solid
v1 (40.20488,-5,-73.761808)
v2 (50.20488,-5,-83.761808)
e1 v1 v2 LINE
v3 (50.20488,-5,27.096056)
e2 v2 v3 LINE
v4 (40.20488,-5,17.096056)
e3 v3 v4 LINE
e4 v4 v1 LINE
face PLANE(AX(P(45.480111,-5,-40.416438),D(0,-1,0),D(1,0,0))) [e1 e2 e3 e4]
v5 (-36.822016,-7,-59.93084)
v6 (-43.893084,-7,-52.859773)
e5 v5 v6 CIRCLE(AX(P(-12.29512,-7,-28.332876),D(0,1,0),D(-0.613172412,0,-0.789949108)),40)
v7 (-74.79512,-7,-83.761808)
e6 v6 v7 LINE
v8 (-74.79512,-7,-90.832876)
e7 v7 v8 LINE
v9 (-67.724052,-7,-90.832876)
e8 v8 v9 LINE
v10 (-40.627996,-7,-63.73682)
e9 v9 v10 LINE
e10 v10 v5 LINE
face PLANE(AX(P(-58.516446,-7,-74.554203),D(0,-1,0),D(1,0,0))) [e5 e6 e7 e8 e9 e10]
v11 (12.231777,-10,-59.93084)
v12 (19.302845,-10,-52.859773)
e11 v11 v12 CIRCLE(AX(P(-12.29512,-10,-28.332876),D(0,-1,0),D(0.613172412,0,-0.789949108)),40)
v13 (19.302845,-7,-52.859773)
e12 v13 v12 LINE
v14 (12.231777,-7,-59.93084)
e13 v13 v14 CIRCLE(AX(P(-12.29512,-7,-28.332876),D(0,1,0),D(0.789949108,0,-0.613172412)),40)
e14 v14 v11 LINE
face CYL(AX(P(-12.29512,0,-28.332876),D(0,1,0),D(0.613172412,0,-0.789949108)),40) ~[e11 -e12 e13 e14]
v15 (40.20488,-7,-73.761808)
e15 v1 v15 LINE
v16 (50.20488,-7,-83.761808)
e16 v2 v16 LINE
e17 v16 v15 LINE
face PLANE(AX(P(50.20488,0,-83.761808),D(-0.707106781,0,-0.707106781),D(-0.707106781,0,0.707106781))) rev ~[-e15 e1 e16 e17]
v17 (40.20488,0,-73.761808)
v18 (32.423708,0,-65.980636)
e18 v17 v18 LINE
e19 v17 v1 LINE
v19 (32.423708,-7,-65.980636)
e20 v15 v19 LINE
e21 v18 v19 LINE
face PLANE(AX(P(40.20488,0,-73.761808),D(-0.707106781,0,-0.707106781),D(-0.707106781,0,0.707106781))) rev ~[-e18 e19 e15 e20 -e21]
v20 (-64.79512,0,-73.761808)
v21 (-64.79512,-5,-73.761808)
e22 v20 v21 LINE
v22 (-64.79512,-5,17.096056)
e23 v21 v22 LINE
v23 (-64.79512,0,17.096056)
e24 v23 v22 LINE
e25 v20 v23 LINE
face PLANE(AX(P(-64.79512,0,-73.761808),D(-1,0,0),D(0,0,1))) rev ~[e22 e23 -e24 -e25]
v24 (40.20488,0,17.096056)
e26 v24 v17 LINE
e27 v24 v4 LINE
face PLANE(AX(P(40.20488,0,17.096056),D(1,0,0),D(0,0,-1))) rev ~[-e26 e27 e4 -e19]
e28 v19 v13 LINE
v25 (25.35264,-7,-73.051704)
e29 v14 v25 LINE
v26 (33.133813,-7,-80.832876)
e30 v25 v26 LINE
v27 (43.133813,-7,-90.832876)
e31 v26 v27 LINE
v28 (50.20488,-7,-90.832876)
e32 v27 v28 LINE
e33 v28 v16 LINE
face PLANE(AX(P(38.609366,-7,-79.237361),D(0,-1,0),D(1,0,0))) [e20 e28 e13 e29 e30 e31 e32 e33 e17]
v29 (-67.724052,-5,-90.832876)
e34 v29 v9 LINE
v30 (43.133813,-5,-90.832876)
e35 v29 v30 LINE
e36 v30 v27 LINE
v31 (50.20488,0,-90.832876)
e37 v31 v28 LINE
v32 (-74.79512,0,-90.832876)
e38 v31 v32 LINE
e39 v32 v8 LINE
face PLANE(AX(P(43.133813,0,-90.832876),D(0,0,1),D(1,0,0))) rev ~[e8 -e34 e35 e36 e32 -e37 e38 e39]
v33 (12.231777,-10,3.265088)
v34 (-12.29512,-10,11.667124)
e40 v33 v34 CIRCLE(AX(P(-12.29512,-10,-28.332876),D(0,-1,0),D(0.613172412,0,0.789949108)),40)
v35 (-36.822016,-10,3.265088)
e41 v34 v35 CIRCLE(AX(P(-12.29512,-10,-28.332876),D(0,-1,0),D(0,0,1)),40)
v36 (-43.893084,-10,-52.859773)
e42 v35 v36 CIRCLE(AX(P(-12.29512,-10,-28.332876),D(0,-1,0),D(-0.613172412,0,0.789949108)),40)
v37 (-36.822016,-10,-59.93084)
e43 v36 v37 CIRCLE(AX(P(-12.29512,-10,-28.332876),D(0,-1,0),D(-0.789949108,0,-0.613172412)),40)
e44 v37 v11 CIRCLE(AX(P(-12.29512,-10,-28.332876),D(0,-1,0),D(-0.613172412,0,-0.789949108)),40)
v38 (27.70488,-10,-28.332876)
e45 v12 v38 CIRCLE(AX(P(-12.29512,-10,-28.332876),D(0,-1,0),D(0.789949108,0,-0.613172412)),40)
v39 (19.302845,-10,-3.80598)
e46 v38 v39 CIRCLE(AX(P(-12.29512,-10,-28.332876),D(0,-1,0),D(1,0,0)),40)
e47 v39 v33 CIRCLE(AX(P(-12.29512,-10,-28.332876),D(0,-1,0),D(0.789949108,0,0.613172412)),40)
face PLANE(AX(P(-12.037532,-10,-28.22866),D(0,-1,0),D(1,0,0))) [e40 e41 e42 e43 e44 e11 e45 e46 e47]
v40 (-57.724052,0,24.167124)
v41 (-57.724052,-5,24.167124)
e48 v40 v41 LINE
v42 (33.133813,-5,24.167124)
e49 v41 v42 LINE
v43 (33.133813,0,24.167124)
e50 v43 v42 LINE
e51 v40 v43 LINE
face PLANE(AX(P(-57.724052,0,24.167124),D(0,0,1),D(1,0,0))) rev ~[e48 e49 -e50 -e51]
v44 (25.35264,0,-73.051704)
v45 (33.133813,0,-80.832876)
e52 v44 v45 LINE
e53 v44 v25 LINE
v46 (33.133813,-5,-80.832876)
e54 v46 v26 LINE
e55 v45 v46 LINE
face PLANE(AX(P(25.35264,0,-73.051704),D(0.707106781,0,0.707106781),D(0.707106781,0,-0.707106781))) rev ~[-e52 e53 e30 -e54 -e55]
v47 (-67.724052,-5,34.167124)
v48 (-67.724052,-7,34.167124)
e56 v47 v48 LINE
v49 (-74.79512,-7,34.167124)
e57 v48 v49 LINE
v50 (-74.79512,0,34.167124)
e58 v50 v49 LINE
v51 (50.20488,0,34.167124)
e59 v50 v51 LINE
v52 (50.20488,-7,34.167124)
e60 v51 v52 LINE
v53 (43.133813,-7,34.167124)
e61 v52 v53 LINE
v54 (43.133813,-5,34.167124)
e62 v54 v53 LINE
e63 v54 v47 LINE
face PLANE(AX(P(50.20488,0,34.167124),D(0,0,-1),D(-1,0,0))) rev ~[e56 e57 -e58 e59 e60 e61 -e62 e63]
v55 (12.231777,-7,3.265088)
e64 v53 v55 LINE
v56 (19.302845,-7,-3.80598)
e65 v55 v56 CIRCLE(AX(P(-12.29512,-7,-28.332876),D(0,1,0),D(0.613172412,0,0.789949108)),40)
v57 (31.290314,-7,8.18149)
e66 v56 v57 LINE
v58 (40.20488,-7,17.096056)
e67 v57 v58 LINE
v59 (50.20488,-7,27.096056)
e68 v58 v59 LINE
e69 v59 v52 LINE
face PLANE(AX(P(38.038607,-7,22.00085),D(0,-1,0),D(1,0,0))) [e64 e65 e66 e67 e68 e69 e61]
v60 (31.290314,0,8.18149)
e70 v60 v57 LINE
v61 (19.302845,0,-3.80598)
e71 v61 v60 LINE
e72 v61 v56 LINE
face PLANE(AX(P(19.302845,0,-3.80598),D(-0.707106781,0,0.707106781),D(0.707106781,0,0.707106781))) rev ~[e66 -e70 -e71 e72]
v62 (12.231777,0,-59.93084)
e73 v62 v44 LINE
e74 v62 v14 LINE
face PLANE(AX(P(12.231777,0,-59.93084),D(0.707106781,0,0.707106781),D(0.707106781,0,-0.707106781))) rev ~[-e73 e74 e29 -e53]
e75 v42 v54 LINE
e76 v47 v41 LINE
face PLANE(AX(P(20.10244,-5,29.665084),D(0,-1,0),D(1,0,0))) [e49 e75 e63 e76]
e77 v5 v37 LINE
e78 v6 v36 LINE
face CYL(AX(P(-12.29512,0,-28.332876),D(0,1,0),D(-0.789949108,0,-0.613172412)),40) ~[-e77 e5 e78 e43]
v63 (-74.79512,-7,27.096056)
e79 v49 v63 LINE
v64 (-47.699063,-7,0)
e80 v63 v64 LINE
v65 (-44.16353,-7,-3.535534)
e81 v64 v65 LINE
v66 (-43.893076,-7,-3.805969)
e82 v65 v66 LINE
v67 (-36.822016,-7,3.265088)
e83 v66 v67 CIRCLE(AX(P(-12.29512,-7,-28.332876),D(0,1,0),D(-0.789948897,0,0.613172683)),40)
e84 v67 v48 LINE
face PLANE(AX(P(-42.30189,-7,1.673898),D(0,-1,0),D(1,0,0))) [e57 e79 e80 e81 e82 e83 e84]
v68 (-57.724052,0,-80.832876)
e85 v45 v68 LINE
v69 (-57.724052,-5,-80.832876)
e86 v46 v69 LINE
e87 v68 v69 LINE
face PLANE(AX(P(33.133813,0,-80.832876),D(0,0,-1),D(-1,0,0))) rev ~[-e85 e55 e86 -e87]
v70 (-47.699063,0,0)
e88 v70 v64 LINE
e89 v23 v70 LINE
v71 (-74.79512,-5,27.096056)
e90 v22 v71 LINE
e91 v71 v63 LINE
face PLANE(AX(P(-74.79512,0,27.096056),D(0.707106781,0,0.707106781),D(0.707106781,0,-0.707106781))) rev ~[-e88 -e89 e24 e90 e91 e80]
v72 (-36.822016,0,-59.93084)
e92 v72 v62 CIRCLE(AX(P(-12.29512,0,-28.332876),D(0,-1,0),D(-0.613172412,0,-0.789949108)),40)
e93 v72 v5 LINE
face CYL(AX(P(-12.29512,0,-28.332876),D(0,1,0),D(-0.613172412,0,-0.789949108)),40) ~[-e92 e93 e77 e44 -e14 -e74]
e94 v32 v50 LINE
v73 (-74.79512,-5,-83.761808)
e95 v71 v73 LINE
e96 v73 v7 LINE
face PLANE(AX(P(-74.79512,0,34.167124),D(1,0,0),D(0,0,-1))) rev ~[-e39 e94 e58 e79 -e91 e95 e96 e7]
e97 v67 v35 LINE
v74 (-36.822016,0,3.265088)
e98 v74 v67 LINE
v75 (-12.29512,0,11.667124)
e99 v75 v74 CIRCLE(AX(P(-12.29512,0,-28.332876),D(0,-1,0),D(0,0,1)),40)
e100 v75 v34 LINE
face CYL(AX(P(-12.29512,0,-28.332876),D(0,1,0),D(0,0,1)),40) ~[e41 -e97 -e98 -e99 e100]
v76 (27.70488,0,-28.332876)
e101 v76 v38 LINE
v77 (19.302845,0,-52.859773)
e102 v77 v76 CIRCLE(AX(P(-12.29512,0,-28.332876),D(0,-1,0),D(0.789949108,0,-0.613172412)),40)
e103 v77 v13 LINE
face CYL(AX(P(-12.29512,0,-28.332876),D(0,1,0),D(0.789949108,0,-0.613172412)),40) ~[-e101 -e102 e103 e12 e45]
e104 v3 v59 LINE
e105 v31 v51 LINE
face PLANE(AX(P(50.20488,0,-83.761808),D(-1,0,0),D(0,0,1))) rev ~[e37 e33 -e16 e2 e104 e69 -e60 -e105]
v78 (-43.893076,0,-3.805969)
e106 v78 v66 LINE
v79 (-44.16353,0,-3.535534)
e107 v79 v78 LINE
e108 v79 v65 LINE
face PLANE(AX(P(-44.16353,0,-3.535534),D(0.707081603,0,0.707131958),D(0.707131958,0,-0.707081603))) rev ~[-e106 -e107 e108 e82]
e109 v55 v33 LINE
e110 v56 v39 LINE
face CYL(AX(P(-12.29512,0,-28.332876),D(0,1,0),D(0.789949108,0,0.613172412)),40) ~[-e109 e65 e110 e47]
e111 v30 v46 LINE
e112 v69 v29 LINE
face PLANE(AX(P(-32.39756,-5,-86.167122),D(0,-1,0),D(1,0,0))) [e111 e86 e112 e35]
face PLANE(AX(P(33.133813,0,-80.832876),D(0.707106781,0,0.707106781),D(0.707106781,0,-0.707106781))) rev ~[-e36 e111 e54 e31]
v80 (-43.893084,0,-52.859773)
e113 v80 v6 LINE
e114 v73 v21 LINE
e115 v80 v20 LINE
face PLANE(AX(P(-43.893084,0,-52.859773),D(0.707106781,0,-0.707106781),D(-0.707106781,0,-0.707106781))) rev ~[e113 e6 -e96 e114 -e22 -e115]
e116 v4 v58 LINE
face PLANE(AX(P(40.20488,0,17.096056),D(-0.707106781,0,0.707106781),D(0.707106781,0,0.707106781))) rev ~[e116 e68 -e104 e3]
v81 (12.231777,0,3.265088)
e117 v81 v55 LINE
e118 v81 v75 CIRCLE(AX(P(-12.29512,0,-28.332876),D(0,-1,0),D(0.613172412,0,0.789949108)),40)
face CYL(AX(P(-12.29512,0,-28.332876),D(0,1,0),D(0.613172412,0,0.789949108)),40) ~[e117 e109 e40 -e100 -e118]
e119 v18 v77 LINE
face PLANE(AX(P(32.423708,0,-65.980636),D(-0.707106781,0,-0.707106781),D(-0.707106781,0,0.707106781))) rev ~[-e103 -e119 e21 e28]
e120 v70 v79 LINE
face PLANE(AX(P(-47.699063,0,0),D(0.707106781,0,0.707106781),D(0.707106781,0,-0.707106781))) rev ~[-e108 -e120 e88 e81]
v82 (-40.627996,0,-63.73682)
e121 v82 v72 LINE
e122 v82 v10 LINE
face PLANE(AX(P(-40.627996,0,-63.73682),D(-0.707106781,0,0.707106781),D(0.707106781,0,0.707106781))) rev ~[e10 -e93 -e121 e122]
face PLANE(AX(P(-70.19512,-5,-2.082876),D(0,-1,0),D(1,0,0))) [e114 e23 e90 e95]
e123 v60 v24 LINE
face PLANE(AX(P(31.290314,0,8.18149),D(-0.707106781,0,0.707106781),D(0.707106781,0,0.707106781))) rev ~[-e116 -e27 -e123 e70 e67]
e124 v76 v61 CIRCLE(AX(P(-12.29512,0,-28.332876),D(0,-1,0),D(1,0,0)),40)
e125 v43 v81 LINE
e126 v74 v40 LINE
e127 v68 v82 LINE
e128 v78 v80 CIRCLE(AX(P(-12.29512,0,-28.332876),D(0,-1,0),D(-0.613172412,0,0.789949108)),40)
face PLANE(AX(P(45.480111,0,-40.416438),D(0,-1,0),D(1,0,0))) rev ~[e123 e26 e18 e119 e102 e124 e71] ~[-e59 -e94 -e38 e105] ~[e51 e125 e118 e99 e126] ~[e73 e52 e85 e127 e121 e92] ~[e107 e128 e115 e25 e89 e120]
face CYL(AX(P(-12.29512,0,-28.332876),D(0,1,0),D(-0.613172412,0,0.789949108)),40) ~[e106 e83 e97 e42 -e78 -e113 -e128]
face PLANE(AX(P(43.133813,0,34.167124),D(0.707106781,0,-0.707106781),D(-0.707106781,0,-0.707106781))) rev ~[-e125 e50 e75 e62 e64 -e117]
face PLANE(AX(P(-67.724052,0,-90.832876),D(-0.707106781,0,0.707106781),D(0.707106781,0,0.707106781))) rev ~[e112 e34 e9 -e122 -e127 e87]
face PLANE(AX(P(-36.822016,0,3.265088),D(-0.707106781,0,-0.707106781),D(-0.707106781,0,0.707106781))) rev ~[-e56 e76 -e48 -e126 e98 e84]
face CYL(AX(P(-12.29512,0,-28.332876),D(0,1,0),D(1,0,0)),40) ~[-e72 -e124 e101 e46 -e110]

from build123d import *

# Parameters (mm, degrees)
F1_DEPTH = 10
F2_DEPTH = 7
F0_W     = 12.2951196297
F0_H     = 10
F3_DEPTH = 5


with BuildPart() as f1:
    # F0 (on Front) → F1 (new body)
    with BuildSketch(Plane.XZ):
        with BuildLine():
            ThreePointArc((27.7048803703, -28.3328760415), (25.5461182747, -15.3698241684), (19.3028446771, -3.8059795467))
            ThreePointArc((19.3028446771, -3.8059795467), (15.9891516178, -0.0486047941), (12.2317768652, 3.2650882652))
            ThreePointArc((12.2317768652, 3.2650882652), (0.6679322435, 9.5083618628), (-12.2951196297, 11.6671239585))
            ThreePointArc((-12.2951196297, 11.6671239585), (-25.2581715028, 9.5083618628), (-36.8220161245, 3.2650882652))
            ThreePointArc((-36.8220161245, 3.2650882652), (-40.5793860243, -0.0485999413), (-43.8930755201, -3.805968704))
            ThreePointArc((-43.8930755201, -3.805968704), (-52.2951196297, -28.3328691786), (-43.8930839364, -52.8597725364))
            ThreePointArc((-43.8930839364, -52.8597725364), (-40.5793908771, -56.617147289), (-36.8220161245, -59.9308403483))
            ThreePointArc((-36.8220161245, -59.9308403483), (-12.2951196297, -68.3328760415), (12.2317768652, -59.9308403483))
            ThreePointArc((12.2317768652, -59.9308403483), (15.9891516178, -56.617147289), (19.3028446771, -52.8597725364))
            ThreePointArc((19.3028446771, -52.8597725364), (25.5461182747, -41.2959279147), (27.7048803703, -28.3328760415))
        make_face()
    extrude(amount=F1_DEPTH)

    # F0 (on Front) → F2 (join)
    with BuildSketch(Plane.XZ):
        with BuildLine():
            ThreePointArc((-43.8930755201, -3.805968704), (-40.5793860243, -0.0485999413), (-36.8220161245, 3.2650882652))
            Line((-36.8220161245, 3.2650882652), (-40.6279956712, 7.0710678119))
            Line((-40.6279956712, 7.0710678119), (-44.1635295771, 3.5355339059))
            Line((-44.1635295771, 3.5355339059), (-47.6990634831, 0))
            Line((-47.6990634831, 0), (-44.1635295771, -3.5355339059))
            Line((-44.1635295771, -3.5355339059), (-43.8930755201, -3.805968704))
        make_face()
        Polygon((-57.7240518178, 24.1671239585), (-67.7240518178, 34.1671239585), (-74.7951196297, 34.1671239585), (-74.7951196297, 27.0960561466), (-64.7951196297, 17.0960561466), (-47.6990634831, 0), (-44.1635295771, 3.5355339059), (-40.6279956712, 7.0710678119), align=None)
        Polygon((-74.7951196297, -90.8328760415), (-67.7240518178, -90.8328760415), (-57.7240518178, -80.8328760415), (-40.6279956712, -63.7368198949), (-44.1635295771, -60.201285989), (-47.6990634831, -56.6657520831), (-64.7951196297, -73.7618082297), (-74.7951196297, -83.7618082297), align=None)
        with BuildLine():
            Line((-40.6279956712, -63.7368198949), (-36.8220161245, -59.9308403483))
            ThreePointArc((-36.8220161245, -59.9308403483), (-40.5793908771, -56.617147289), (-43.8930839364, -52.8597725364))
            Line((-43.8930839364, -52.8597725364), (-47.6990634831, -56.6657520831))
            Line((-47.6990634831, -56.6657520831), (-44.1635295771, -60.201285989))
            Line((-44.1635295771, -60.201285989), (-40.6279956712, -63.7368198949))
        make_face()
        Polygon((40.2048803703, 17.0960561466), (50.2048803703, 27.0960561466), (50.2048803703, 34.1671239585), (43.1338125585, 34.1671239585), (33.1338125585, 24.1671239585), (24.2192459165, 15.2525573165), (27.7547798224, 11.7170234106), (31.2903137284, 8.1814895046), align=None)
        with BuildLine():
            Line((19.3028446771, -3.8059795467), (31.2903137284, 8.1814895046))
            Line((31.2903137284, 8.1814895046), (27.7547798224, 11.7170234106))
            Line((27.7547798224, 11.7170234106), (24.2192459165, 15.2525573165))
            Line((24.2192459165, 15.2525573165), (12.2317768652, 3.2650882652))
            ThreePointArc((12.2317768652, 3.2650882652), (15.9891516178, -0.0486047941), (19.3028446771, -3.8059795467))
        make_face()
        Polygon((50.2048803703, -90.8328760415), (50.2048803703, -83.7618082297), (40.2048803703, -73.7618082297), (32.423708156, -65.9806360153), (28.88817425, -69.5161699212), (25.3526403441, -73.0517038272), (33.1338125585, -80.8328760415), (43.1338125585, -90.8328760415), align=None)
        with BuildLine():
            Line((28.88817425, -69.5161699212), (32.423708156, -65.9806360153))
            Line((32.423708156, -65.9806360153), (19.3028446771, -52.8597725364))
            ThreePointArc((19.3028446771, -52.8597725364), (15.9891516178, -56.617147289), (12.2317768652, -59.9308403483))
            Line((12.2317768652, -59.9308403483), (25.3526403441, -73.0517038272))
            Line((25.3526403441, -73.0517038272), (28.88817425, -69.5161699212))
        make_face()
    extrude(amount=F2_DEPTH)

    # F0 (on Front) → F3 (join)
    with BuildSketch(Plane.XZ):
        Polygon((50.2048803703, -83.7618082297), (50.2048803703, 0), (40.2048803703, 0), (40.2048803703, -73.7618082297), align=None)
        Polygon((50.2048803703, 0), (50.2048803703, 9.1671239585), (50.2048803703, 27.0960561466), (40.2048803703, 17.0960561466), (40.2048803703, 0), align=None)
        Polygon((33.1338125585, 24.1671239585), (43.1338125585, 34.1671239585), (0, 34.1671239585), (0, 24.1671239585), align=None)
        with Locations((-6.1475598148, 29.1671239585)):
            Rectangle(F0_W, F0_H)
        Polygon((-12.2951196297, 24.1671239585), (-12.2951196297, 34.1671239585), (-67.7240518178, 34.1671239585), (-57.7240518178, 24.1671239585), align=None)
        Polygon((-64.7951196297, 17.0960561466), (-74.7951196297, 27.0960561466), (-74.7951196297, -28.3328760415), (-64.7951196297, -28.3328760415), align=None)
        Polygon((-74.7951196297, -28.3328760415), (-74.7951196297, -83.7618082297), (-64.7951196297, -73.7618082297), (-64.7951196297, -28.3328760415), align=None)
        Polygon((-67.7240518178, -90.8328760415), (0, -90.8328760415), (0, -80.8328760415), (-57.7240518178, -80.8328760415), align=None)
        Polygon((0, -90.8328760415), (43.1338125585, -90.8328760415), (33.1338125585, -80.8328760415), (0, -80.8328760415), align=None)
    extrude(amount=F3_DEPTH)


solid = f1.part
